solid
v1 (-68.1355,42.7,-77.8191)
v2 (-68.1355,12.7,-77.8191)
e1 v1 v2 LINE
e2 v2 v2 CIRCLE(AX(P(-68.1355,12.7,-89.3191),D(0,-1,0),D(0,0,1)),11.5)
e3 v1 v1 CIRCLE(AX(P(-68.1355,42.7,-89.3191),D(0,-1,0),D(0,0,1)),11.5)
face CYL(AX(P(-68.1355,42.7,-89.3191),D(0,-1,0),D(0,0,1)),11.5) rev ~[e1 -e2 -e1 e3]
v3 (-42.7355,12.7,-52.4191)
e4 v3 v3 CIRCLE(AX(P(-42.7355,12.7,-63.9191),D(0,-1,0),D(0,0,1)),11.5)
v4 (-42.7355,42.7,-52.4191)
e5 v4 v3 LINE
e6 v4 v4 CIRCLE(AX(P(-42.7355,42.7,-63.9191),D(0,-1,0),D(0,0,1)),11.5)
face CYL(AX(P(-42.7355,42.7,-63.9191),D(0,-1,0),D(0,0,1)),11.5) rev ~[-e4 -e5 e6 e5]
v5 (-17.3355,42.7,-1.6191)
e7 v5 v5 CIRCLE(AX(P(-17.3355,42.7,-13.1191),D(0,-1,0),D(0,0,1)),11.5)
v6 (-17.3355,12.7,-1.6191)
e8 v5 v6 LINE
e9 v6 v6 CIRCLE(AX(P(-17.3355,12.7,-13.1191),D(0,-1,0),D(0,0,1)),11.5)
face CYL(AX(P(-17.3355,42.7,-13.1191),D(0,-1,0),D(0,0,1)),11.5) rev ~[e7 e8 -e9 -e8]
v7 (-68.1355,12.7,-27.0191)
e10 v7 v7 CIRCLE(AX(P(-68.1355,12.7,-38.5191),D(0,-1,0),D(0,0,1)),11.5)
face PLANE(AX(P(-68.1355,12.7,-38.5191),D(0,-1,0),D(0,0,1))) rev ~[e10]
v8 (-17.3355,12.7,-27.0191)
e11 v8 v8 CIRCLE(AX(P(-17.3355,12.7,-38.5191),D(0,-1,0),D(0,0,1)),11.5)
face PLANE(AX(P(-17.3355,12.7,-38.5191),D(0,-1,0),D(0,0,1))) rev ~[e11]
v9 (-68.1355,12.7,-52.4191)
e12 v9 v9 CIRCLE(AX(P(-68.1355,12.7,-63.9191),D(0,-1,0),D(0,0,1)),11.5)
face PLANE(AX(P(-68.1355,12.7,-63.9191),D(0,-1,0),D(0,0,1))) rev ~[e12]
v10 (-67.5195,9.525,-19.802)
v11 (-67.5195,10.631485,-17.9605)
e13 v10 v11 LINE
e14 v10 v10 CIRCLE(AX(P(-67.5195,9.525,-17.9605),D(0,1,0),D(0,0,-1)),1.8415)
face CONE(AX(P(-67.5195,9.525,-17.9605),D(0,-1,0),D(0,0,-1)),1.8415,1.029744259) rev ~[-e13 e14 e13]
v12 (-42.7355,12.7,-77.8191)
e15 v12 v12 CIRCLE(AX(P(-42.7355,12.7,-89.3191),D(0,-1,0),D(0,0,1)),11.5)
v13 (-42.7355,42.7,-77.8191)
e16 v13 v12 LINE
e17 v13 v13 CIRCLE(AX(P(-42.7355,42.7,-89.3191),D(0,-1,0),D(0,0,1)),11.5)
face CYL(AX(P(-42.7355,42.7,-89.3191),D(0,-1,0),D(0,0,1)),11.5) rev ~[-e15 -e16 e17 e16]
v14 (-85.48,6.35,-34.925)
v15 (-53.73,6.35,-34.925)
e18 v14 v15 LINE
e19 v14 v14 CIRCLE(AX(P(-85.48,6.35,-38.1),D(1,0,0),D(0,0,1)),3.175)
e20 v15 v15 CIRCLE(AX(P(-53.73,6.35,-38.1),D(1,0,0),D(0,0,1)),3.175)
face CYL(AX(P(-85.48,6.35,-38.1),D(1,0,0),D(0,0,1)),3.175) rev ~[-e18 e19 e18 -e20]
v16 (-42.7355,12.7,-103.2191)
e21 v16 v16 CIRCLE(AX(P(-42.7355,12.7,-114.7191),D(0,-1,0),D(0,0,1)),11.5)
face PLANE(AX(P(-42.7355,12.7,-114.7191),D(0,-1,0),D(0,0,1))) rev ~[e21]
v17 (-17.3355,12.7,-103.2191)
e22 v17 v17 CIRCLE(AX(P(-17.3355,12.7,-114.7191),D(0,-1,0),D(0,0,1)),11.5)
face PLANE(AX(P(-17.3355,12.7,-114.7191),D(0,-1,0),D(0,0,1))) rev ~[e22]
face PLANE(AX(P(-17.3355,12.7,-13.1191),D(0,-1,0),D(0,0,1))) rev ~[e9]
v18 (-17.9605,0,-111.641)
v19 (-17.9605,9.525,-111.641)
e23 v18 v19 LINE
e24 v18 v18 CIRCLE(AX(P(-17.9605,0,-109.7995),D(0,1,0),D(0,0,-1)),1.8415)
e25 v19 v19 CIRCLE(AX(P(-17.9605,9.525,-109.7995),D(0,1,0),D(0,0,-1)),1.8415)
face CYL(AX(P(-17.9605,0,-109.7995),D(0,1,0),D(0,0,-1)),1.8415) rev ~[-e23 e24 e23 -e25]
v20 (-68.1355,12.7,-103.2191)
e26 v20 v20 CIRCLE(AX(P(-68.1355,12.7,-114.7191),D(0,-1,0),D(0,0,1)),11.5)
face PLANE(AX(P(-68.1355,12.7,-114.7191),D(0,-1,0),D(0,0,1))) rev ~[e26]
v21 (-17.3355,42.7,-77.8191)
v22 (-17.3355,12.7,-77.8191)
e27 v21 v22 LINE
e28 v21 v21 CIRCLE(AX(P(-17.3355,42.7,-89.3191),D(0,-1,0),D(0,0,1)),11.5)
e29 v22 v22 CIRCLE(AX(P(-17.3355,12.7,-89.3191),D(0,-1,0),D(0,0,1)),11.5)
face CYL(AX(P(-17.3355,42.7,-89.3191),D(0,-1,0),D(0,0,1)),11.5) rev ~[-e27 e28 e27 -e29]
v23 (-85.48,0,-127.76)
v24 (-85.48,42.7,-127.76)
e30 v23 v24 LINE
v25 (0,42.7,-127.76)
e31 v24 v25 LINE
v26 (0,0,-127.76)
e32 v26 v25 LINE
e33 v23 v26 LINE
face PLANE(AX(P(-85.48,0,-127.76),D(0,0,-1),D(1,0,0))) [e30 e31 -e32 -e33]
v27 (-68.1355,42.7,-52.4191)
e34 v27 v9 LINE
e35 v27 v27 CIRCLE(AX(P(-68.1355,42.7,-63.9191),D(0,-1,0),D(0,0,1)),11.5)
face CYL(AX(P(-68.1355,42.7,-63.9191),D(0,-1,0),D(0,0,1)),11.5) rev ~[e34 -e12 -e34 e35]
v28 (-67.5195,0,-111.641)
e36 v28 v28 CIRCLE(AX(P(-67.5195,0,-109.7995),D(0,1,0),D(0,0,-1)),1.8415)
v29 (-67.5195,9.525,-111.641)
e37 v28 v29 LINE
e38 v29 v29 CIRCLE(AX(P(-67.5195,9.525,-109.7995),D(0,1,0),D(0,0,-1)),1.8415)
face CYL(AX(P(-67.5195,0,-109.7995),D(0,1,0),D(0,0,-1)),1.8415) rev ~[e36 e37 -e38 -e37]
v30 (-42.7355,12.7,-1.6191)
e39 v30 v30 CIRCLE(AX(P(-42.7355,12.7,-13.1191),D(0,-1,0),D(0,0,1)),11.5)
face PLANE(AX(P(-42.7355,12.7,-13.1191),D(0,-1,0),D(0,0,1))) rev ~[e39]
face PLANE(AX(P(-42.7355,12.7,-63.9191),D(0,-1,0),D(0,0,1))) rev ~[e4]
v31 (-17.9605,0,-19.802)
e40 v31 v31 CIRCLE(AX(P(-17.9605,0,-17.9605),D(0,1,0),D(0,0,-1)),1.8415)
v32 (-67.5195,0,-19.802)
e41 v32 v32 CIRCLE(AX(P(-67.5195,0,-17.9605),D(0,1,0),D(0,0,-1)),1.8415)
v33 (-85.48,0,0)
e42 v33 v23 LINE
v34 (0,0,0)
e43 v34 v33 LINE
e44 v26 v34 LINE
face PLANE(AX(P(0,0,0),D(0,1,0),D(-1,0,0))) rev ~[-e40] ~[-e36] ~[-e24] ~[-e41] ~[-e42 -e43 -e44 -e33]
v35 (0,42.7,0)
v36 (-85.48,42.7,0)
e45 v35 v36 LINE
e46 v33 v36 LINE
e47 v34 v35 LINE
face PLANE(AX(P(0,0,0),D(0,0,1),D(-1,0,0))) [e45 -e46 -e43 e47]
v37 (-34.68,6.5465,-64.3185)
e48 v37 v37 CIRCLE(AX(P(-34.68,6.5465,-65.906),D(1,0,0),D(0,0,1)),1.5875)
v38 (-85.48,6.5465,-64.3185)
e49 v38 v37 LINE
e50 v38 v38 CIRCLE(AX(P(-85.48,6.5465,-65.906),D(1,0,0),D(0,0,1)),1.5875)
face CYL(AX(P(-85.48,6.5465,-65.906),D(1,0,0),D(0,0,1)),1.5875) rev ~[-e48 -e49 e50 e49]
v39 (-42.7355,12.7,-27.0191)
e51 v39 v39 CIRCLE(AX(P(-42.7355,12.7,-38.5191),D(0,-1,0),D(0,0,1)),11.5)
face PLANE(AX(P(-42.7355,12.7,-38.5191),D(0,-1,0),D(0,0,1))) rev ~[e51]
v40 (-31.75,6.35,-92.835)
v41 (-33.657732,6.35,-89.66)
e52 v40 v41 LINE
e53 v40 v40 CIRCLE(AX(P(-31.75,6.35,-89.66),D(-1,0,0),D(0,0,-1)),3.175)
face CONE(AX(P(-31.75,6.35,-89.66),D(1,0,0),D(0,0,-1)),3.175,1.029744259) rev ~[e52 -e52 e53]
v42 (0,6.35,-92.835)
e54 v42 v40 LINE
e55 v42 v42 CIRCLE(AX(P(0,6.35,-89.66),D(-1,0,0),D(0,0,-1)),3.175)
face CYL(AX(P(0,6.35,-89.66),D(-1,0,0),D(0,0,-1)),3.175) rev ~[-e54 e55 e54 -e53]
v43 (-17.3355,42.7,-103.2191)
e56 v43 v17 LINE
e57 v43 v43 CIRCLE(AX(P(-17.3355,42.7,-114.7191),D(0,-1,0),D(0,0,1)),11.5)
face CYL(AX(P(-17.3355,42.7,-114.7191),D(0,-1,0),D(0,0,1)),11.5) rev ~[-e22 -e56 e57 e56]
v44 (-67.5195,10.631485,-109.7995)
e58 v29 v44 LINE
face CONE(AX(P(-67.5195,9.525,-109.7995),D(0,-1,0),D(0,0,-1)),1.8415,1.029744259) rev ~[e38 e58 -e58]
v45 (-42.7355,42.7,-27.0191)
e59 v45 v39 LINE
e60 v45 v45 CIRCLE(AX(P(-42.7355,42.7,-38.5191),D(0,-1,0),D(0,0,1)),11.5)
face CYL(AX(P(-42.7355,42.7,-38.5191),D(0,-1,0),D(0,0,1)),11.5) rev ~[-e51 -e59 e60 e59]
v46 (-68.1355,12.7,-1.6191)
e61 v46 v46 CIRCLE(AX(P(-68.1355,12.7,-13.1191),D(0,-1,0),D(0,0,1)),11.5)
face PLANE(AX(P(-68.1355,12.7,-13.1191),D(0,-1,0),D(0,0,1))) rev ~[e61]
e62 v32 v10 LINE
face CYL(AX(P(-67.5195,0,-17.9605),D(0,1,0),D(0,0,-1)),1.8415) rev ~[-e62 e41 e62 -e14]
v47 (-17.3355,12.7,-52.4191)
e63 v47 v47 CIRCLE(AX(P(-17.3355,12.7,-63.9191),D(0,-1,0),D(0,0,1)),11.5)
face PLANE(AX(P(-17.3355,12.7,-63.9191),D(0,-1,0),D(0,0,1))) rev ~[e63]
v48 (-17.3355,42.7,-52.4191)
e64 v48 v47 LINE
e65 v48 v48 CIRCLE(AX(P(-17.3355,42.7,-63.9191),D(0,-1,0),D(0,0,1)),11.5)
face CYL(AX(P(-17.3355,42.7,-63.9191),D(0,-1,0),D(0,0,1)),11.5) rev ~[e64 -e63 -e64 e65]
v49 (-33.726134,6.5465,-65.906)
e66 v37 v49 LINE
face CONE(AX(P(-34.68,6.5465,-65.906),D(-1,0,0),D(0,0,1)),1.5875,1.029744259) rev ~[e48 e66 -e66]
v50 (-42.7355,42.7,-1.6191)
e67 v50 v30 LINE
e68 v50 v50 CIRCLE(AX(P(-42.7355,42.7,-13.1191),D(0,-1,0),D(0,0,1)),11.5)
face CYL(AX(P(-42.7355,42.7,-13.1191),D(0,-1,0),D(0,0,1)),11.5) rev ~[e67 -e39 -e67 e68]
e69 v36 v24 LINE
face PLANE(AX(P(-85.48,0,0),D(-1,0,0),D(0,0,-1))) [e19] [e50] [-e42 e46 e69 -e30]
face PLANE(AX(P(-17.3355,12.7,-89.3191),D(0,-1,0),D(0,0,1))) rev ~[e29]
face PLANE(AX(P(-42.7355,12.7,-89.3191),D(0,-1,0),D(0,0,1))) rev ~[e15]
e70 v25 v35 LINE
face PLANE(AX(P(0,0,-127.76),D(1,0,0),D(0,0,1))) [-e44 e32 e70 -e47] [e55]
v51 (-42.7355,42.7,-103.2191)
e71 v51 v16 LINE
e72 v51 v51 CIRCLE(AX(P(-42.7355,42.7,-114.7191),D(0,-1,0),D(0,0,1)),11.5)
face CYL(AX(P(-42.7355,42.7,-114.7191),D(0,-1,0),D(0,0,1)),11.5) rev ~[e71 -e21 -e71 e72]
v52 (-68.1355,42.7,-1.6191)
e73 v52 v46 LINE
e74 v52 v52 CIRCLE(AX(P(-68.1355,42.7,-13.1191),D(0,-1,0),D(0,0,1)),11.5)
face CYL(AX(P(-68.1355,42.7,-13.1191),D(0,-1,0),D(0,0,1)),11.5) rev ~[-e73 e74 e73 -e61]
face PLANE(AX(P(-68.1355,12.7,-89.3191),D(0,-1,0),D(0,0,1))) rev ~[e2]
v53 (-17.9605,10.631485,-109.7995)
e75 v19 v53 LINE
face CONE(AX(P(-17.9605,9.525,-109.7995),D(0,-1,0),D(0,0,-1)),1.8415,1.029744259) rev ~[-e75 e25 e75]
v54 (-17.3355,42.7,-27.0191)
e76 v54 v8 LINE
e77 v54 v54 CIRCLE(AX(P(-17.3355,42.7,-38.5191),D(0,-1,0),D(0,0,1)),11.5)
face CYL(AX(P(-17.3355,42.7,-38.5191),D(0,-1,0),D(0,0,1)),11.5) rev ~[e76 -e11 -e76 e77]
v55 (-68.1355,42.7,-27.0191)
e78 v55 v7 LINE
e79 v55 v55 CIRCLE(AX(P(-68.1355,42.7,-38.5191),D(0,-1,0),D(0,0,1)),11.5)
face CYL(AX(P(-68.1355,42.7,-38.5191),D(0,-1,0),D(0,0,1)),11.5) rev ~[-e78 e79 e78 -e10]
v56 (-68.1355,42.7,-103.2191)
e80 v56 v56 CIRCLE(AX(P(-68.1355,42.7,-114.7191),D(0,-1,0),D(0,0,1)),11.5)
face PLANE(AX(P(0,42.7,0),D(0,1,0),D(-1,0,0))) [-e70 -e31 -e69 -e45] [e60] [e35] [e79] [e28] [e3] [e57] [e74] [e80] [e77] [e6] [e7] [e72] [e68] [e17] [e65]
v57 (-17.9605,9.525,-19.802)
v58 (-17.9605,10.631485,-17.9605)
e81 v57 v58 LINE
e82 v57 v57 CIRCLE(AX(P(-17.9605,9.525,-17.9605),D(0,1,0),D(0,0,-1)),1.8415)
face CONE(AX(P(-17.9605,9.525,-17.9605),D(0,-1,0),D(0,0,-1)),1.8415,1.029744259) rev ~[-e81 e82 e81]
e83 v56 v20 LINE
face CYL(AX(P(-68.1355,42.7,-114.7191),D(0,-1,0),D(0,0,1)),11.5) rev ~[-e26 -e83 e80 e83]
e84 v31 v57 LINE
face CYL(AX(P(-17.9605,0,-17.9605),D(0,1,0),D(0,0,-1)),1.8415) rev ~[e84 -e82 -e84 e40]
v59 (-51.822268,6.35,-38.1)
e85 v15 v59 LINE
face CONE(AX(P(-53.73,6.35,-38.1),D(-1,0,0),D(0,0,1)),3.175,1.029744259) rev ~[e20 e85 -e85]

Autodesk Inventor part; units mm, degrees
ref_plane "YZ Plane" through (0, 0, 0) normal (1, 0, 0) x (0, 1, 0)
ref_plane "XZ Plane" through (0, 0, 0) normal (0, 1, 0) x (-1, 0, 0)
ref_plane "XY Plane" through (0, 0, 0) normal (0, 0, 1) x (1, 0, 0)
sketch "Sketch1" plane through (0, 0, 0) normal (0, 1, 0) x (-1, 0, 0)
  line L0 (0, 0) -> (85.48, 0)
  line L1 (85.48, 0) -> (85.48, -127.76)
  line L2 (85.48, -127.76) -> (0, -127.76)
  line L3 (0, -127.76) -> (0, 0)
  line L4 (85.48, 0) -> (67.5195, -17.9605)
  line L5 (85.48, 0) -> (110.88, 0) construction
  line L6 (0, 0) -> (17.9605, -17.9605)
  line L7 (85.48, -127.76) -> (67.5195, -109.7995)
  line L8 (85.48, -127.76) -> (110.88, -127.76) construction
  line L9 (0, -127.76) -> (17.9605, -109.7995)
  line L10 (0, -127.76) -> (25.4, -127.76) construction
  dimension "d0" = 85.48
  dimension "d1" = 127.76
  dimension "d2" = 25.4
  dimension "d3" = 135
  dimension "d4" = 25.4
  dimension "d5" = 25.4
  dimension "d6" = 135
  dimension "d7" = 25.4
  dimension "d8" = 45
extrude "Extrusion1" add sketch "Sketch1" along normal blind 42.7
sketch "Sketch2" plane through (0, 0, 0) normal (0, -1, 0) x (1, 0, 0)
  line L0 (-85.48, 0) -> (0, 0) projected
  line L1 (0, 0) -> (-17.9605, -17.9605)
  line L2 (0, 0) -> (25.4, 0) construction
  line L3 (0, 0) -> (0, -127.76) projected
  line L4 (0, -127.76) -> (-17.9605, -109.7995)
  line L5 (0, -127.76) -> (25.4, -127.76) construction
  line L6 (-85.48, -127.76) -> (-85.48, 0) projected
  line L7 (-85.48, 0) -> (-67.5195, -17.9605)
  line L8 (-85.48, 0) -> (-60.08, 0) construction
  line L9 (0, -127.76) -> (-85.48, -127.76) projected
  line L10 (-85.48, -127.76) -> (-67.5195, -109.7995)
  line L11 (-85.48, -127.76) -> (-60.08, -127.76) construction
  dimension "d11" = 25.4
  dimension "d12" = 135
  dimension "d13" = 25.4
  dimension "d14" = 135
  dimension "d15" = 25.4
  dimension "d16" = 45
  dimension "d17" = 25.4
  dimension "d18" = 45
hole "Hole1" at (-17.9605, 0, -17.9605) at (-67.5195, 0, -17.9605) at (-67.5195, 0, -109.7995) at (-17.9605, 0, -109.7995) direction (0, 1, 0) diameter 3.683 depth 9.525 tip angle 118 thread size "10-24 UNC" class "2B" standard "ANSI Unified Screw Threads"
sketch "Sketch4" plane through (0, 42.7, 0) normal (0, 1, 0) x (1, 0, 0)
  line L0 (0, -1.0521) -> (19.05, -1.0521) construction
  line L1 (0, 0) -> (0, 127.76) projected
  line L2 (0, 18.3507) -> (0, 0)
  line L3 (0, 0) -> (-18.7946, 0)
  line L4 (0, 0) -> (-17.3355, 0)
  line L5 (-17.3355, 0) -> (-17.3355, 13.1191)
  line L6 (-17.3355, 13.1191) -> (0, 13.1191)
  line L7 (0, 13.1191) -> (0, 0)
  dimension "d41" = 17.3355
  dimension "d42" = 13.1191
hole "Hole2" at (-17.3355, 42.7, -13.1191) direction (0, -1, 0) diameter 23 depth 30
pattern_linear "Rectangular Pattern1" count 3 spacing 25.4 along (-1, 0, 0) count 5 spacing 25.4 along (0, 0, -1) of "Hole2"
sketch "Sketch5" plane through (-85.48, 0, -127.76) normal (-1, 0, 0) x (0, 0, 1)
  line L0 (127.76, 0) -> (127.76, 42.7) projected
  line L1 (127.76, 0) -> (89.66, 0)
  line L2 (89.66, 0) -> (89.66, 6.35)
  line L3 (89.66, 6.35) -> (127.76, 6.35)
  line L4 (127.76, 6.35) -> (127.76, 0)
  line L5 (62.646, 6.35) -> (127.76, 6.35)
  line L6 (127.76, 6.35) -> (127.76, 0)
  line L7 (127.76, 0) -> (62.646, 0)
  line L8 (62.646, 0) -> (62.646, 6.35)
  dimension "d43" = 38.1
  dimension "d44" = 6.35
hole "Hole3" at (-85.48, 6.35, -38.1) direction (1, 0, 0) diameter 6.35 depth 31.75 tip angle 118
sketch "Sketch6" plane through (-85.48, 0, -127.76) normal (-1, 0, 0) x (0, 0, 1)
  line L0 (61.854, 6.5465) -> (127.76, 6.5465)
  line L1 (127.76, 6.5465) -> (127.76, 0.1965)
  line L2 (127.76, 0.1965) -> (61.854, 0.1965)
  line L3 (61.854, 0.1965) -> (61.854, 6.5465)
  point P0 (127.76, 0)
  dimension "d52" = 6.35
hole "Hole4" at (-85.48, 6.5465, -65.906) direction (1, 0, 0) diameter 3.175 depth 50.8 tip angle 118
sketch "Sketch7" plane through (0, 0, 0) normal (1, 0, 0) x (0, 0, -1)
  line L0 (127.76, 0) -> (0, 0) projected
  line L1 (127.76, 0) -> (89.66, 0)
  line L2 (89.66, 0) -> (89.66, 6.35)
  line L3 (89.66, 6.35) -> (127.76, 6.35)
  line L4 (127.76, 6.35) -> (127.76, 0)
  dimension "d60" = 38.1
  dimension "d61" = 6.35
hole "Hole5" at (0, 6.35, -89.66) direction (-1, 0, 0) diameter 6.35 depth 31.75 tip angle 118
properties part number "Thermal_topplate_8mL"
